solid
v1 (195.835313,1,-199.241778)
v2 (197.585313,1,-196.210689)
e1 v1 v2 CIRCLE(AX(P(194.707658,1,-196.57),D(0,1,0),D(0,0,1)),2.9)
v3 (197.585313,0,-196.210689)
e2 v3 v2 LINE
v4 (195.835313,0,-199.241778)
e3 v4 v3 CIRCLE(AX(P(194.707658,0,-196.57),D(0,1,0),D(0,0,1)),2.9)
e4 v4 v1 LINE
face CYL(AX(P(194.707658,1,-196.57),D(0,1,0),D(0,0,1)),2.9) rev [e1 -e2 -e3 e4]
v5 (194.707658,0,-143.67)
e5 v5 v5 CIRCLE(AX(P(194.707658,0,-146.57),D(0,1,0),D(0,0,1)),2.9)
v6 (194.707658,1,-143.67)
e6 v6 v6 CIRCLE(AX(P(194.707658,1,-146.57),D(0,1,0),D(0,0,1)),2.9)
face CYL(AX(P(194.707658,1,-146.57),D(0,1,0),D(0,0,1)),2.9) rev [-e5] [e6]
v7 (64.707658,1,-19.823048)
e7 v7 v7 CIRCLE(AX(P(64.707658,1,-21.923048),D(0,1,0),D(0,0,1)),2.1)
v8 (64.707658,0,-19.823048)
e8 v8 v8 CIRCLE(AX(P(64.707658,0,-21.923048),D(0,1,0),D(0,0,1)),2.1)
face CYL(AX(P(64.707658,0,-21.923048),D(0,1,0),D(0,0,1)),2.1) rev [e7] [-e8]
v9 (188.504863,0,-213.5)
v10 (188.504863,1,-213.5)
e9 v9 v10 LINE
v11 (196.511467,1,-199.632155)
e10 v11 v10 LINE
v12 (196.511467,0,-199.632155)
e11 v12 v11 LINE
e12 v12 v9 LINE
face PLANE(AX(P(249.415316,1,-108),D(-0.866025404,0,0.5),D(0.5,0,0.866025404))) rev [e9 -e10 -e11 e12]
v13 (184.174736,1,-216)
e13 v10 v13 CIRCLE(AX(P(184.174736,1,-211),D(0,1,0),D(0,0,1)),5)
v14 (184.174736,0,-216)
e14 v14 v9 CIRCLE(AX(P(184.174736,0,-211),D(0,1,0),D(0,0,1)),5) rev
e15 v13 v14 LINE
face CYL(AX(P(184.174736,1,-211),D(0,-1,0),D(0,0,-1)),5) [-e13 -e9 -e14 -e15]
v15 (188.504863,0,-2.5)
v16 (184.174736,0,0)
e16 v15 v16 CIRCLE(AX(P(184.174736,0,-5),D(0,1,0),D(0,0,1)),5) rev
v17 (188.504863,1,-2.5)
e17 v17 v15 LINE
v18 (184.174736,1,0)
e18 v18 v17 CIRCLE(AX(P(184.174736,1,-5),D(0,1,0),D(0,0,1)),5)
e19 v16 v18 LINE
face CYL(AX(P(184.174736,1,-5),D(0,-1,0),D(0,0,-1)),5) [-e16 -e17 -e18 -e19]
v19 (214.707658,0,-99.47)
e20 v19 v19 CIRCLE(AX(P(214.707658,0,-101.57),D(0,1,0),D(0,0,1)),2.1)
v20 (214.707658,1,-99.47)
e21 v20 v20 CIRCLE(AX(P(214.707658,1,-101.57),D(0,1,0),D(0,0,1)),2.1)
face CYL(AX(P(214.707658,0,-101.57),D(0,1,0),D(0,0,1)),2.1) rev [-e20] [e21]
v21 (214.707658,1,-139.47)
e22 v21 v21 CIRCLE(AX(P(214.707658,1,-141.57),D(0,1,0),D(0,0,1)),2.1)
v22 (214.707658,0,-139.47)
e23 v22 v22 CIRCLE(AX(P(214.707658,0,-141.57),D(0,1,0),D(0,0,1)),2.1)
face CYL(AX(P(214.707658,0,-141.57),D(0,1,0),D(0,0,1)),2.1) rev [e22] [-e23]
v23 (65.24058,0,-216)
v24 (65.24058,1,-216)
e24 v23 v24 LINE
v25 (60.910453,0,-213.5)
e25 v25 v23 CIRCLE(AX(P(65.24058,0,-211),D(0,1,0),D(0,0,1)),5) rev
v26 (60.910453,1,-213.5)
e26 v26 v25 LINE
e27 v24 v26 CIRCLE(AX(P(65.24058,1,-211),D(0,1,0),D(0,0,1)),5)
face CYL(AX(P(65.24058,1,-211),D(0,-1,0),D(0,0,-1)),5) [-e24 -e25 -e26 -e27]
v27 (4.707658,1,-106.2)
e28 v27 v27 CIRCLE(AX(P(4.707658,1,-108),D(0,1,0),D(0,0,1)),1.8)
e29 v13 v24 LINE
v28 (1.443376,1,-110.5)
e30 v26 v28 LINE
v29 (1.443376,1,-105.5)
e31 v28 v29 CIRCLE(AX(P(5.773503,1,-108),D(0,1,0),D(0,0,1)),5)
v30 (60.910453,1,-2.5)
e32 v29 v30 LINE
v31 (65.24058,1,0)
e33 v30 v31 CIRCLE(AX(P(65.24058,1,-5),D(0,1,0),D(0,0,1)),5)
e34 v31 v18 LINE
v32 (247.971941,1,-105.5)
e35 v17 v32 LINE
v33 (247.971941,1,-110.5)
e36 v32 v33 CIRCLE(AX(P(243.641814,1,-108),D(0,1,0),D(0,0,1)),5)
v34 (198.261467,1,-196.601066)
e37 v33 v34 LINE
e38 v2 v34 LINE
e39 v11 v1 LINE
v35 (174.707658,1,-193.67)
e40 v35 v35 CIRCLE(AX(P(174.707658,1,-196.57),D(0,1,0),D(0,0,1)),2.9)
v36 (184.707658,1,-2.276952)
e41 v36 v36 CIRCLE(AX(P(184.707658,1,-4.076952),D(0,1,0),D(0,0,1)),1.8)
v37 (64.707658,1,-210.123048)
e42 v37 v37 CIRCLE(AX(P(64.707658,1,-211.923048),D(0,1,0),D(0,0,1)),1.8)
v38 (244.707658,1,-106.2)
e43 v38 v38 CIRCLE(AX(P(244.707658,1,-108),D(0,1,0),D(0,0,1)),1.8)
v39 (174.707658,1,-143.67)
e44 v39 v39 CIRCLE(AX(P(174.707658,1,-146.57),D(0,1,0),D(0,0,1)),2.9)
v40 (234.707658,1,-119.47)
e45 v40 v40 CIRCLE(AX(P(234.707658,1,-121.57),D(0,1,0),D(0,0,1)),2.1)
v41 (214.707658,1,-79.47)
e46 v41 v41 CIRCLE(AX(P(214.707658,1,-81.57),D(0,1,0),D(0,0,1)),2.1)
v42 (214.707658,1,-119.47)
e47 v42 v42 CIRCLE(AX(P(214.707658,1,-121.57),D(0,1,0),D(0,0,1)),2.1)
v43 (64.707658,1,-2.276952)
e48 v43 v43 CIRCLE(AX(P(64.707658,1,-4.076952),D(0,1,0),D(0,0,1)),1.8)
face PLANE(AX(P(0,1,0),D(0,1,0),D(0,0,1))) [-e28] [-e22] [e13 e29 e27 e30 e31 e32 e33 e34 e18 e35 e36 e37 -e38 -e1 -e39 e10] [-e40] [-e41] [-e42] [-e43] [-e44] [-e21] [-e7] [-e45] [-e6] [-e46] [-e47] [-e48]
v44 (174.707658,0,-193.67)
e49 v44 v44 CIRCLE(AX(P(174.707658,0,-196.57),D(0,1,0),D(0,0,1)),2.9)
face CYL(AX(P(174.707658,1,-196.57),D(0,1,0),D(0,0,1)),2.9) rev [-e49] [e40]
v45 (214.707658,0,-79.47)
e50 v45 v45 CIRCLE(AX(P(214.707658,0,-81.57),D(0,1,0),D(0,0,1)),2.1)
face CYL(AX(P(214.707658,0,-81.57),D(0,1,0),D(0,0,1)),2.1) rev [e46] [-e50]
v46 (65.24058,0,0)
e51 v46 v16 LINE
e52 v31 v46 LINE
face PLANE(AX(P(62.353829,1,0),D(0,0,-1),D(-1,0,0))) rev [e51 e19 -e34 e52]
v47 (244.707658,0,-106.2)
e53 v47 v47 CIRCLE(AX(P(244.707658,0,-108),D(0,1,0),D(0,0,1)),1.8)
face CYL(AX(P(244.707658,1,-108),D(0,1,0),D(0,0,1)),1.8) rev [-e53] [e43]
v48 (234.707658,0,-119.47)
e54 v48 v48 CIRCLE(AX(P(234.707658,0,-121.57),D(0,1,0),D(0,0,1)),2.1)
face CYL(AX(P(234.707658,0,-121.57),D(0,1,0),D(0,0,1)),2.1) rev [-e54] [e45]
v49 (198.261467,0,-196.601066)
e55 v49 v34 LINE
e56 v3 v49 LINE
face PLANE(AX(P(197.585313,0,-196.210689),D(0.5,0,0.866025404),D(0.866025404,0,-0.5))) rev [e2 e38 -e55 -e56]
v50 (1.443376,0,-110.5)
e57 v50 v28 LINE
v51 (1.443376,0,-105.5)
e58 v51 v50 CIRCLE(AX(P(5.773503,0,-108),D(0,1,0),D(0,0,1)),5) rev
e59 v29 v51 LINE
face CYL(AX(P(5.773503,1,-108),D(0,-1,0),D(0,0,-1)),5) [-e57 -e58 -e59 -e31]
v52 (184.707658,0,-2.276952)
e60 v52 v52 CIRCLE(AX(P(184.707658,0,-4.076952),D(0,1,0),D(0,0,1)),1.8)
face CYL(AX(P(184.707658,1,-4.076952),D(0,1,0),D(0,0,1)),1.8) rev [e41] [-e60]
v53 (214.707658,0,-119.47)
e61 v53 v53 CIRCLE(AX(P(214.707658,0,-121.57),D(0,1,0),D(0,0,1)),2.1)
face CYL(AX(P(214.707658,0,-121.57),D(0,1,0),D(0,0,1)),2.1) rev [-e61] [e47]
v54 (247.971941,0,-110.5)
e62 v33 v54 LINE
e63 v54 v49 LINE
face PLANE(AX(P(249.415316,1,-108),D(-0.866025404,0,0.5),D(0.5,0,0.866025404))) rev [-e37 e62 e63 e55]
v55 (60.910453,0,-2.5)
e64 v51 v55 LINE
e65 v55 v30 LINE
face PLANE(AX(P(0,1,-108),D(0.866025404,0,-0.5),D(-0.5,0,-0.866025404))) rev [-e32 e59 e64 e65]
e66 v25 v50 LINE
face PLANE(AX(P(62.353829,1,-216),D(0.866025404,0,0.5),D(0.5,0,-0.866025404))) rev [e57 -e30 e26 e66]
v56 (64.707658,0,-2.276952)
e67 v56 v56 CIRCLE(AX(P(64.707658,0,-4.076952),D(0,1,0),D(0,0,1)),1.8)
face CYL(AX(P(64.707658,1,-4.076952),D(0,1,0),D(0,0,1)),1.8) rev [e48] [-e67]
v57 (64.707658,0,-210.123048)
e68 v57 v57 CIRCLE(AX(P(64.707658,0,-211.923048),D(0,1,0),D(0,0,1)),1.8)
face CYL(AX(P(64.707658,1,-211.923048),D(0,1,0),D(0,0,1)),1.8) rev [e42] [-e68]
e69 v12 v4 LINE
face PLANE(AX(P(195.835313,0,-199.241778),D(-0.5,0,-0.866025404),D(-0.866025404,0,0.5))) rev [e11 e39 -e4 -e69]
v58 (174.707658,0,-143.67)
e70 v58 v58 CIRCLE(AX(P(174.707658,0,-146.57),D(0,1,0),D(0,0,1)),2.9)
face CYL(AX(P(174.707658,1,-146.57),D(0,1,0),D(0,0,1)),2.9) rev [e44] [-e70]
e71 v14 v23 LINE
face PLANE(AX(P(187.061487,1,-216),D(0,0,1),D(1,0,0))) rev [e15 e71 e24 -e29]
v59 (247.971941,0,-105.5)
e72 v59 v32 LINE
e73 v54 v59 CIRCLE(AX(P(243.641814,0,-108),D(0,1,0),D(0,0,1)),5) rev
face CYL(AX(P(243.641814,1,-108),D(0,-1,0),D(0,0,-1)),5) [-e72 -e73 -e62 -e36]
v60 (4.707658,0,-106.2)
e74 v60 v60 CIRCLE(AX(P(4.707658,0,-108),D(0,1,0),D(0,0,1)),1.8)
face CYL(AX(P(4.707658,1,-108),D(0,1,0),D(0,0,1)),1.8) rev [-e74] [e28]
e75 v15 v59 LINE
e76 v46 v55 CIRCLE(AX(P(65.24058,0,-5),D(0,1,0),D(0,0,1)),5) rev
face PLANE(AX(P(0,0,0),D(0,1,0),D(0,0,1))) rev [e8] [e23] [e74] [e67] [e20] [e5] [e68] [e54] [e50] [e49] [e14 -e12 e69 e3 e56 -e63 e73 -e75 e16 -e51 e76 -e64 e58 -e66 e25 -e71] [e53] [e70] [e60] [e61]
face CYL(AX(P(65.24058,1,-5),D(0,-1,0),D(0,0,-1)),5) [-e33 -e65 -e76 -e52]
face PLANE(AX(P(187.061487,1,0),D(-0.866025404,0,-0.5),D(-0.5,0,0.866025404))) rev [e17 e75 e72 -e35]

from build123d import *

# Parameters (mm, degrees)
BOSS_EXTRUDE1_DEPTH      = 1
FILLET1_R                = 5
M5_CLEARANCE_HOLE1_D     = 5.8
M5_CLEARANCE_HOLE1_DEPTH = 5
M5_CLEARANCE_HOLE1_TIP   = 1.742495795
M3_CLEARANCE_HOLE1_D     = 3.6
CUT_EXTRUDE1_DEPTH       = 330.362644314
SKETCH10_R               = 2.1
CUT_EXTRUDE2_DEPTH       = 330.362644314


with BuildPart() as part:
    # Sketch1 → Boss-Extrude1 (new body)
    with BuildSketch(Plane(origin=(0, 0, 0), x_dir=(1, 0, 0), z_dir=(0, 1, 0))):
        Polygon((62.353829072, 0), (187.061487217, 0), (249.41531629, 108), (187.061487217, 216), (62.353829072, 216), (0, 108), align=None)
    extrude(amount=BOSS_EXTRUDE1_DEPTH)

    # Fillet1
    fillet1_edges = [part.edges().sort_by_distance(p)[0] for p in [
        (0, 0.5, -108),
        (62.353829072, 0.5, -216),
        (187.061487217, 0.5, -216),
        (249.41531629, 0.5, -108),
        (187.061487217, 0.5, 0),
        (62.353829072, 0.5, 0),
    ]]
    fillet(fillet1_edges, radius=FILLET1_R)

    # M5 Clearance Hole1
    with Locations(Plane(origin=(0, 1, 0), x_dir=(1, 0, 0), z_dir=(0, 1, 0))):
        with Locations((174.707658145, 146.57), (194.707658145, 146.57), (194.707658145, 196.57), (174.707658145, 196.57)):
            Hole(M5_CLEARANCE_HOLE1_D / 2, depth=M5_CLEARANCE_HOLE1_DEPTH)
            with Locations((0, 0, -(M5_CLEARANCE_HOLE1_DEPTH + M5_CLEARANCE_HOLE1_TIP / 2))):  # 118° drill point
                Cone(0, M5_CLEARANCE_HOLE1_D / 2, M5_CLEARANCE_HOLE1_TIP, mode=Mode.SUBTRACT)

    # M3 Clearance Hole1 (through all)
    with Locations(Plane(origin=(0, 1, 0), x_dir=(1, 0, 0), z_dir=(0, 1, 0))):
        with Locations((4.707658145, 108), (64.707658145, 211.923048454), (244.707658145, 108), (184.707658145, 4.076951546), (64.707658145, 4.076951546)):
            Hole(M3_CLEARANCE_HOLE1_D / 2)

    # Sketch9 → Cut-Extrude1 (cut, through all)
    with BuildSketch(Plane(origin=(0, 1, 0), x_dir=(1, 0, 0), z_dir=(0, 1, 0))):
        Polygon((195.835312633, 199.241777565), (196.511466747, 199.632155324), (198.261466747, 196.601066411), (197.585312633, 196.210688651), align=None)
    extrude(amount=-CUT_EXTRUDE1_DEPTH, mode=Mode.SUBTRACT)

    # Sketch10 → Cut-Extrude2 (cut, through all)
    with BuildSketch(Plane(origin=(0, 1, 0), x_dir=(1, 0, 0), z_dir=(0, 1, 0))):
        with Locations(Location((64.707658145, 21.923048454, 0), (0, 0, 270))):
            Circle(SKETCH10_R)
        with Locations(Location((214.707658145, 141.57, 0), (0, 0, 270))):
            Circle(SKETCH10_R)
        with Locations(Location((214.707658145, 121.57, 0), (0, 0, 270))):
            Circle(SKETCH10_R)
        with Locations(Location((214.707658145, 101.57, 0), (0, 0, 270))):
            Circle(SKETCH10_R)
        with Locations(Location((214.707658145, 81.57, 0), (0, 0, 270))):
            Circle(SKETCH10_R)
        with Locations(Location((234.707658145, 121.57, 0), (0, 0, 270))):
            Circle(SKETCH10_R)
    extrude(amount=-CUT_EXTRUDE2_DEPTH, mode=Mode.SUBTRACT)


solid = part.part
